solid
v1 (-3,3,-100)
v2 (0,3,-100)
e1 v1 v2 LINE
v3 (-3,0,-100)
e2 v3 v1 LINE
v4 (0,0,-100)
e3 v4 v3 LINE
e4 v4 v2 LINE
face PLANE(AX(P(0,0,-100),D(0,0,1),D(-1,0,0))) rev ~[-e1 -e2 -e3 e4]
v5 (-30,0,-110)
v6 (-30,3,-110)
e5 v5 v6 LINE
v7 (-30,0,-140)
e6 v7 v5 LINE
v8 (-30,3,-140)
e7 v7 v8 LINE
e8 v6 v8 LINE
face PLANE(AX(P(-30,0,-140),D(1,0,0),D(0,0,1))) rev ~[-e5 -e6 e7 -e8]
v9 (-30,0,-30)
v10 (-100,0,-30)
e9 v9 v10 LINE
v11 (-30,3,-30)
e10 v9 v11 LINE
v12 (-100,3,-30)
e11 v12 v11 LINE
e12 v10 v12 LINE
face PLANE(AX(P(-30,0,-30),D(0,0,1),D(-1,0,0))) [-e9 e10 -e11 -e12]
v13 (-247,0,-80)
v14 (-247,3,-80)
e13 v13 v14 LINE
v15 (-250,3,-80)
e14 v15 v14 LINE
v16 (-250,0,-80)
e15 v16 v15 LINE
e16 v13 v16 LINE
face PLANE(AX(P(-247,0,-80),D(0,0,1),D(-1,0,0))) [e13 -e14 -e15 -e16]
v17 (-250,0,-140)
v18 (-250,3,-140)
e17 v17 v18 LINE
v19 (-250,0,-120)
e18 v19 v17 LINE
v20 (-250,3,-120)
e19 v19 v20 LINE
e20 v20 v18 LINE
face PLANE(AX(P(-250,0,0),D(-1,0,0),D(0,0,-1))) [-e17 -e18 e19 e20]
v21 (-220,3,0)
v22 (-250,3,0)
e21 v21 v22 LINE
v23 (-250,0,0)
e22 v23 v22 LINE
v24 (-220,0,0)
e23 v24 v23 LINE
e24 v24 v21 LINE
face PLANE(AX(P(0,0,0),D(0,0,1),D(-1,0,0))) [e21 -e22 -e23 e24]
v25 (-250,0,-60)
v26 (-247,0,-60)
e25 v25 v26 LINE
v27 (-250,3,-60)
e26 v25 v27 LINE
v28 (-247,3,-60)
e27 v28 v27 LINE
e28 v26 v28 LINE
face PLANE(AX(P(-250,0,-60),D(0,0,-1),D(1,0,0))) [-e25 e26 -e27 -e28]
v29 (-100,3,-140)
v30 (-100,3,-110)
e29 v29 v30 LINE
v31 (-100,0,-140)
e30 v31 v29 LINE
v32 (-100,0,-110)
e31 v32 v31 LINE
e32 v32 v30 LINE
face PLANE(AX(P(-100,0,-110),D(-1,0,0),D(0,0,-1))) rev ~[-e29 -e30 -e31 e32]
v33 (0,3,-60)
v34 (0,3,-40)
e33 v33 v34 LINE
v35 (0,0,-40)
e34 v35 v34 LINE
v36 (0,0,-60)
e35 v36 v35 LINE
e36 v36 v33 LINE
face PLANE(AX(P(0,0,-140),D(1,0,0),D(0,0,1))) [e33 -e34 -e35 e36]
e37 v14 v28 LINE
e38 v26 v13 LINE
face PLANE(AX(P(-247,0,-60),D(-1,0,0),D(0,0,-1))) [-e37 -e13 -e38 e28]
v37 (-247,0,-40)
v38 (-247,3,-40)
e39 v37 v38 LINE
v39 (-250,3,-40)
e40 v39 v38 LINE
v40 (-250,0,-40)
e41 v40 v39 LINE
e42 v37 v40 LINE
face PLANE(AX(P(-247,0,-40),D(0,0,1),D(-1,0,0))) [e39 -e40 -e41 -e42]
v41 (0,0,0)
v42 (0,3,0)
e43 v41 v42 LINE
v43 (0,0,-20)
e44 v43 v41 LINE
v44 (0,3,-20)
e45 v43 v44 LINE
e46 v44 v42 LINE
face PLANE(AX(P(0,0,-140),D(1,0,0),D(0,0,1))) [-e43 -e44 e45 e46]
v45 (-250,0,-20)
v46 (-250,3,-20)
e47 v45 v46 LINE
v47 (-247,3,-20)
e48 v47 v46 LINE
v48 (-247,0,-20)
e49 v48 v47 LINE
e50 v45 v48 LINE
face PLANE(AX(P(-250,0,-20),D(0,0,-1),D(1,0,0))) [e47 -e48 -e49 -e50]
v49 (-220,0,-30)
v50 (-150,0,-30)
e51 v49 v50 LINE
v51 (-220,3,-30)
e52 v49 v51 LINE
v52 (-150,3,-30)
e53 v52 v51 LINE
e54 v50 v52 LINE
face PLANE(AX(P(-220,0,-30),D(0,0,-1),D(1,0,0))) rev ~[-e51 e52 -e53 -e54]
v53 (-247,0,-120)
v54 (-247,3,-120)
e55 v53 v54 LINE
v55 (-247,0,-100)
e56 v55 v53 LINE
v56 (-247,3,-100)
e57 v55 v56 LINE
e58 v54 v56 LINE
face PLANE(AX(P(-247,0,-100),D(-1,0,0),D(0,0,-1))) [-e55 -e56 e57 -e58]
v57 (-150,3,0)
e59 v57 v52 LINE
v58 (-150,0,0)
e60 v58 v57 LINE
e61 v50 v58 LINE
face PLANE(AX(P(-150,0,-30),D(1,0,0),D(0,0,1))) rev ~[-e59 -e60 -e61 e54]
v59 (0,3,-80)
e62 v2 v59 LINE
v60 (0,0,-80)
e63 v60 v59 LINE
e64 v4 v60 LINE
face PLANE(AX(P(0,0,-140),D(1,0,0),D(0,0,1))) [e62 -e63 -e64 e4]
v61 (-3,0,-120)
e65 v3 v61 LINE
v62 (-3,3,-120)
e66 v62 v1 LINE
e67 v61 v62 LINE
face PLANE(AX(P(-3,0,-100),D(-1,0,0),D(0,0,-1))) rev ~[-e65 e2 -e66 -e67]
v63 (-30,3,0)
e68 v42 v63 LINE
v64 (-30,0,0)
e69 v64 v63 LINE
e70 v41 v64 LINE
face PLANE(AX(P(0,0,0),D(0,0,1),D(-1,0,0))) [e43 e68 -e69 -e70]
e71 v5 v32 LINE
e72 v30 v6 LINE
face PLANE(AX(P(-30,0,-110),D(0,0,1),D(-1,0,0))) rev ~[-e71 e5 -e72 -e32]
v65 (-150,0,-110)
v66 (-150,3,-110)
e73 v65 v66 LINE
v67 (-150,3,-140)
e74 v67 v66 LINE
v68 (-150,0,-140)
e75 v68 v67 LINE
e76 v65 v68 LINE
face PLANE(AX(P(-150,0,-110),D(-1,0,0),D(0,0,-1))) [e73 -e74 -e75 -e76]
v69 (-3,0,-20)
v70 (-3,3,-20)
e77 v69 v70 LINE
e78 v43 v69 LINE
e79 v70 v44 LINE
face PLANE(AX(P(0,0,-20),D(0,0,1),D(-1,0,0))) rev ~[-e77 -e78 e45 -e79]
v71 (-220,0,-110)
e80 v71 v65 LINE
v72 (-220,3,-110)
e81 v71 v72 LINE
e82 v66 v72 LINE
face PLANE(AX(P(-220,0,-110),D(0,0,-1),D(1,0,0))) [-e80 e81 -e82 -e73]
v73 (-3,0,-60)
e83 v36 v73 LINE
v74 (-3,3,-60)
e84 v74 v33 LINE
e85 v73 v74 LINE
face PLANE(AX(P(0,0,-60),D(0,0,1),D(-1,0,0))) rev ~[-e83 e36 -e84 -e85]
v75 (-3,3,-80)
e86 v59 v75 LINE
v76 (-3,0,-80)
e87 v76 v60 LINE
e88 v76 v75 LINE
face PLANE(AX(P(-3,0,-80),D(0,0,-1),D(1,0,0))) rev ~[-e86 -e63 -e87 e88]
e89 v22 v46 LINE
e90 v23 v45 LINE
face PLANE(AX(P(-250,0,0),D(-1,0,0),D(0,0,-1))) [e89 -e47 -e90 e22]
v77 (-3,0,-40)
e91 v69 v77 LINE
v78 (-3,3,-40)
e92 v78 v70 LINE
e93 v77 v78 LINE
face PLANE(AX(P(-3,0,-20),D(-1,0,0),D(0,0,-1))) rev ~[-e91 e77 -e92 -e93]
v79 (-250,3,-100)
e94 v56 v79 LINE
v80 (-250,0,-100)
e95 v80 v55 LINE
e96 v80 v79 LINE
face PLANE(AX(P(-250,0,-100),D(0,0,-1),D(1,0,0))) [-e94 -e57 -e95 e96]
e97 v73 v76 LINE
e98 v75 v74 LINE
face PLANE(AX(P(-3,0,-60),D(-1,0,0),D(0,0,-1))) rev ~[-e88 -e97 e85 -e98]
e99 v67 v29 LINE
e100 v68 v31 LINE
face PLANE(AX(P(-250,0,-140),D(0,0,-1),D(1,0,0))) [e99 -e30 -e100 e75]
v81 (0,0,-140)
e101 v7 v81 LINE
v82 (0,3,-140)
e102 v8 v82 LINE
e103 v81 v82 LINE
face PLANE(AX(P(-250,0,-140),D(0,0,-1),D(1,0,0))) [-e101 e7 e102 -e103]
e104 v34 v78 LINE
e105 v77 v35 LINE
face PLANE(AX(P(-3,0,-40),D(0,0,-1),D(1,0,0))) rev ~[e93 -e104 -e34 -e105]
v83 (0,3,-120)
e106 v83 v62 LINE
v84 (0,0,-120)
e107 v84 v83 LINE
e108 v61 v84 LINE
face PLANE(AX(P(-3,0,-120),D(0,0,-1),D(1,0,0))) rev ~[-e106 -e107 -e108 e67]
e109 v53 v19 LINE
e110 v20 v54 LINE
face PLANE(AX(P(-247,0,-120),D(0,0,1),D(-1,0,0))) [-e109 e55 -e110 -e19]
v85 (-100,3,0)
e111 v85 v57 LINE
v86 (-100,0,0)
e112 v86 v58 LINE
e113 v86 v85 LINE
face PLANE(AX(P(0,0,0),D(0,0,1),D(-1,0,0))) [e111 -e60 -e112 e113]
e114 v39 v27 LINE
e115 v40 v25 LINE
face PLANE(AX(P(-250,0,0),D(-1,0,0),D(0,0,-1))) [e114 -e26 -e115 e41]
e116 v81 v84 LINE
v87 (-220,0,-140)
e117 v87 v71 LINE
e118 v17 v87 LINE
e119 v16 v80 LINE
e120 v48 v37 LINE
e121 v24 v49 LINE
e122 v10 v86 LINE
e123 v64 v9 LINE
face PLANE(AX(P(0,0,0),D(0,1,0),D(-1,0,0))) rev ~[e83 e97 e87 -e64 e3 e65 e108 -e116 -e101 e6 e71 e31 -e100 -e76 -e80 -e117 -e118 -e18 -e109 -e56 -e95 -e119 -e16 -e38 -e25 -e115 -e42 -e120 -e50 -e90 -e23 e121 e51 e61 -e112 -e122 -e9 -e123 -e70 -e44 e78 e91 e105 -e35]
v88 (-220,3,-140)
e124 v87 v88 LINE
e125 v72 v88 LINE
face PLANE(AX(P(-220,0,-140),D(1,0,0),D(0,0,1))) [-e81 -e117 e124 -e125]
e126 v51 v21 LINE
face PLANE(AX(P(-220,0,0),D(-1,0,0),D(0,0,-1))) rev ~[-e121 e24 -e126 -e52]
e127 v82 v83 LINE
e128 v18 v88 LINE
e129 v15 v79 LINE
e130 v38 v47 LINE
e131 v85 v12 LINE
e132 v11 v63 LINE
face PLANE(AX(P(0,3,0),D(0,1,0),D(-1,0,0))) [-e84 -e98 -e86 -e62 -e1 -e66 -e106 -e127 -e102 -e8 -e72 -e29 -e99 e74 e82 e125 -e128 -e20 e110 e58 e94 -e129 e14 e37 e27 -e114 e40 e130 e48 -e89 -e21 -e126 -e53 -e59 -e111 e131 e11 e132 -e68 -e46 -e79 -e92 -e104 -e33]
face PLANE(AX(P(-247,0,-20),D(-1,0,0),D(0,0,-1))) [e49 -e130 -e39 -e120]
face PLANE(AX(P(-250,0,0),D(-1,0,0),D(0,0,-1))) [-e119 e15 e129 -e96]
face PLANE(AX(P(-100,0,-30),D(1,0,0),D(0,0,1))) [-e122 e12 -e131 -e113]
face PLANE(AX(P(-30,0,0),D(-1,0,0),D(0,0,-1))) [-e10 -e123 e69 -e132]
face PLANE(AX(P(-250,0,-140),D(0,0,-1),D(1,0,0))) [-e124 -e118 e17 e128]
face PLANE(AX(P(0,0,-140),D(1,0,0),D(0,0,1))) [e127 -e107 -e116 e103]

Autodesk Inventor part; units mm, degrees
ref_plane "YZ Plane" through (0, 0, 0) normal (1, 0, 0) x (0, 1, 0)
ref_plane "XZ Plane" through (0, 0, 0) normal (0, 1, 0) x (-1, 0, 0)
ref_plane "XY Plane" through (0, 0, 0) normal (0, 0, 1) x (1, 0, 0)
sketch "Sketch1" plane through (0, 0, 0) normal (0, 1, 0) x (-1, 0, 0)
  line L0 (0, 0) -> (250, 0)
  line L1 (250, 0) -> (250, -140)
  line L2 (250, -140) -> (0, -140)
  line L3 (0, -140) -> (0, 0)
  dimension "d0" = 250
  dimension "d1" = 140
extrude "Extrusion1" add sketch "Sketch1" along normal blind 3
sketch "Sketch8" plane through (0, 0, 0) normal (0, -1, 0) x (1, 0, 0)
  line L0 (0, -140) -> (-250, -140) projected
  line L1 (-250, -140) -> (-220, -140)
  line L2 (-220, -140) -> (-220, -110)
  line L3 (-220, -110) -> (-150, -110)
  line L4 (-220, -110) -> (-150, -110) construction
  line L5 (-150, -110) -> (-150, -140)
  line L6 (0, -140) -> (-30, -140)
  line L7 (0, -140) -> (-250, -140) projected
  line L8 (-30, -140) -> (-30, -110)
  line L9 (-30, -110) -> (-100, -110)
  line L10 (-100, -110) -> (-100, -140)
  line L11 (-250, -140) -> (-250, -70)
  line L12 (-250, -70) -> (24.9367, -70)
  line L13 (-97, 0) -> (-250, 0)
  line L14 (-250, 0) -> (-220, 0)
  line L15 (-220, 0) -> (-220, -30)
  line L16 (-220, -30) -> (-150, -30)
  line L17 (-220, -30) -> (-150, -30) construction
  line L18 (-150, -30) -> (-150, 0)
  line L19 (0, 0) -> (-30, 0)
  line L20 (0, 0) -> (-27, 0)
  line L21 (-30, 0) -> (-30, -30)
  line L22 (-30, -30) -> (-100, -30)
  line L23 (-100, -30) -> (-100, 0)
  line L24 (0, -140) -> (-250, -140)
  point P0 (-97, -140)
  point P1 (-27, -140)
  dimension "d64" = 30
  dimension "d65" = 30
  dimension "d66" = 70
  dimension "d67" = 0
  dimension "d68" = 30
  dimension "d69" = 30
  dimension "d70" = 70
  dimension "d71" = 70
extrude "Extrusion7" cut sketch "Sketch8" against normal blind 10
sketch "Sketch9" plane through (0, 0, 0) normal (0, -1, 0) x (1, 0, 0)
  line L0 (0, 0) -> (-30, 0)
  line L1 (-30, 0) -> (-30, -30)
  line L2 (-30, -30) -> (-100, -30)
  line L3 (-100, -30) -> (-100, 0)
  line L4 (-30, 0) -> (-100, 0)
  line L5 (-150, 0) -> (0, 0) projected
  dimension "d74" = 30
  dimension "d75" = 30
  dimension "d76" = 70
extrude "Extrusion8" cut sketch "Sketch9" against normal blind 10
sketch "Sketch10" plane through (0, 0, 0) normal (0, -1, 0) x (1, 0, 0)
  line L0 (0, 0) -> (0, -20)
  line L1 (0, 0) -> (0, -140) projected
  line L2 (0, -20) -> (-3, -20)
  line L3 (-3, -20) -> (-3, -40)
  line L4 (-3, -40) -> (0, -40)
  line L5 (0, -40) -> (0, -60)
  line L6 (0, -60) -> (-3, -60)
  line L7 (-3, -60) -> (-3, -80)
  line L8 (-3, -80) -> (0, -80)
  line L9 (0, -80) -> (0, -100)
  line L10 (0, -100) -> (-3, -100)
  line L11 (-3, -100) -> (-3, -120)
  line L12 (-3, -120) -> (0, -120)
  line L13 (0, 0) -> (-125, 0)
  line L14 (-250, -140) -> (-250, 0) projected
  line L15 (-125, 0) -> (-125, -140)
  line L16 (-250, -20) -> (-247, -20)
  line L17 (-247, -20) -> (-247, -40)
  line L18 (-247, -40) -> (-250, -40)
  line L19 (-250, -40) -> (-250, -60)
  line L20 (-250, -60) -> (-247, -60)
  line L21 (-247, -60) -> (-247, -80)
  line L22 (-247, -80) -> (-250, -80)
  line L23 (-250, -80) -> (-250, -100)
  line L24 (-250, -100) -> (-247, -100)
  line L25 (-247, -100) -> (-247, -120)
  line L26 (-247, -120) -> (-250, -120)
  dimension "d79" = 20
  dimension "d80" = 3
  dimension "d81" = 20
  dimension "d82" = 20
  dimension "d83" = 3
  dimension "d84" = 20
  dimension "d85" = 20
  dimension "d86" = 20
  dimension "d87" = 125
extrude "Extrusion9" cut sketch "Sketch10" against normal blind 10
properties part number "onderkant"
